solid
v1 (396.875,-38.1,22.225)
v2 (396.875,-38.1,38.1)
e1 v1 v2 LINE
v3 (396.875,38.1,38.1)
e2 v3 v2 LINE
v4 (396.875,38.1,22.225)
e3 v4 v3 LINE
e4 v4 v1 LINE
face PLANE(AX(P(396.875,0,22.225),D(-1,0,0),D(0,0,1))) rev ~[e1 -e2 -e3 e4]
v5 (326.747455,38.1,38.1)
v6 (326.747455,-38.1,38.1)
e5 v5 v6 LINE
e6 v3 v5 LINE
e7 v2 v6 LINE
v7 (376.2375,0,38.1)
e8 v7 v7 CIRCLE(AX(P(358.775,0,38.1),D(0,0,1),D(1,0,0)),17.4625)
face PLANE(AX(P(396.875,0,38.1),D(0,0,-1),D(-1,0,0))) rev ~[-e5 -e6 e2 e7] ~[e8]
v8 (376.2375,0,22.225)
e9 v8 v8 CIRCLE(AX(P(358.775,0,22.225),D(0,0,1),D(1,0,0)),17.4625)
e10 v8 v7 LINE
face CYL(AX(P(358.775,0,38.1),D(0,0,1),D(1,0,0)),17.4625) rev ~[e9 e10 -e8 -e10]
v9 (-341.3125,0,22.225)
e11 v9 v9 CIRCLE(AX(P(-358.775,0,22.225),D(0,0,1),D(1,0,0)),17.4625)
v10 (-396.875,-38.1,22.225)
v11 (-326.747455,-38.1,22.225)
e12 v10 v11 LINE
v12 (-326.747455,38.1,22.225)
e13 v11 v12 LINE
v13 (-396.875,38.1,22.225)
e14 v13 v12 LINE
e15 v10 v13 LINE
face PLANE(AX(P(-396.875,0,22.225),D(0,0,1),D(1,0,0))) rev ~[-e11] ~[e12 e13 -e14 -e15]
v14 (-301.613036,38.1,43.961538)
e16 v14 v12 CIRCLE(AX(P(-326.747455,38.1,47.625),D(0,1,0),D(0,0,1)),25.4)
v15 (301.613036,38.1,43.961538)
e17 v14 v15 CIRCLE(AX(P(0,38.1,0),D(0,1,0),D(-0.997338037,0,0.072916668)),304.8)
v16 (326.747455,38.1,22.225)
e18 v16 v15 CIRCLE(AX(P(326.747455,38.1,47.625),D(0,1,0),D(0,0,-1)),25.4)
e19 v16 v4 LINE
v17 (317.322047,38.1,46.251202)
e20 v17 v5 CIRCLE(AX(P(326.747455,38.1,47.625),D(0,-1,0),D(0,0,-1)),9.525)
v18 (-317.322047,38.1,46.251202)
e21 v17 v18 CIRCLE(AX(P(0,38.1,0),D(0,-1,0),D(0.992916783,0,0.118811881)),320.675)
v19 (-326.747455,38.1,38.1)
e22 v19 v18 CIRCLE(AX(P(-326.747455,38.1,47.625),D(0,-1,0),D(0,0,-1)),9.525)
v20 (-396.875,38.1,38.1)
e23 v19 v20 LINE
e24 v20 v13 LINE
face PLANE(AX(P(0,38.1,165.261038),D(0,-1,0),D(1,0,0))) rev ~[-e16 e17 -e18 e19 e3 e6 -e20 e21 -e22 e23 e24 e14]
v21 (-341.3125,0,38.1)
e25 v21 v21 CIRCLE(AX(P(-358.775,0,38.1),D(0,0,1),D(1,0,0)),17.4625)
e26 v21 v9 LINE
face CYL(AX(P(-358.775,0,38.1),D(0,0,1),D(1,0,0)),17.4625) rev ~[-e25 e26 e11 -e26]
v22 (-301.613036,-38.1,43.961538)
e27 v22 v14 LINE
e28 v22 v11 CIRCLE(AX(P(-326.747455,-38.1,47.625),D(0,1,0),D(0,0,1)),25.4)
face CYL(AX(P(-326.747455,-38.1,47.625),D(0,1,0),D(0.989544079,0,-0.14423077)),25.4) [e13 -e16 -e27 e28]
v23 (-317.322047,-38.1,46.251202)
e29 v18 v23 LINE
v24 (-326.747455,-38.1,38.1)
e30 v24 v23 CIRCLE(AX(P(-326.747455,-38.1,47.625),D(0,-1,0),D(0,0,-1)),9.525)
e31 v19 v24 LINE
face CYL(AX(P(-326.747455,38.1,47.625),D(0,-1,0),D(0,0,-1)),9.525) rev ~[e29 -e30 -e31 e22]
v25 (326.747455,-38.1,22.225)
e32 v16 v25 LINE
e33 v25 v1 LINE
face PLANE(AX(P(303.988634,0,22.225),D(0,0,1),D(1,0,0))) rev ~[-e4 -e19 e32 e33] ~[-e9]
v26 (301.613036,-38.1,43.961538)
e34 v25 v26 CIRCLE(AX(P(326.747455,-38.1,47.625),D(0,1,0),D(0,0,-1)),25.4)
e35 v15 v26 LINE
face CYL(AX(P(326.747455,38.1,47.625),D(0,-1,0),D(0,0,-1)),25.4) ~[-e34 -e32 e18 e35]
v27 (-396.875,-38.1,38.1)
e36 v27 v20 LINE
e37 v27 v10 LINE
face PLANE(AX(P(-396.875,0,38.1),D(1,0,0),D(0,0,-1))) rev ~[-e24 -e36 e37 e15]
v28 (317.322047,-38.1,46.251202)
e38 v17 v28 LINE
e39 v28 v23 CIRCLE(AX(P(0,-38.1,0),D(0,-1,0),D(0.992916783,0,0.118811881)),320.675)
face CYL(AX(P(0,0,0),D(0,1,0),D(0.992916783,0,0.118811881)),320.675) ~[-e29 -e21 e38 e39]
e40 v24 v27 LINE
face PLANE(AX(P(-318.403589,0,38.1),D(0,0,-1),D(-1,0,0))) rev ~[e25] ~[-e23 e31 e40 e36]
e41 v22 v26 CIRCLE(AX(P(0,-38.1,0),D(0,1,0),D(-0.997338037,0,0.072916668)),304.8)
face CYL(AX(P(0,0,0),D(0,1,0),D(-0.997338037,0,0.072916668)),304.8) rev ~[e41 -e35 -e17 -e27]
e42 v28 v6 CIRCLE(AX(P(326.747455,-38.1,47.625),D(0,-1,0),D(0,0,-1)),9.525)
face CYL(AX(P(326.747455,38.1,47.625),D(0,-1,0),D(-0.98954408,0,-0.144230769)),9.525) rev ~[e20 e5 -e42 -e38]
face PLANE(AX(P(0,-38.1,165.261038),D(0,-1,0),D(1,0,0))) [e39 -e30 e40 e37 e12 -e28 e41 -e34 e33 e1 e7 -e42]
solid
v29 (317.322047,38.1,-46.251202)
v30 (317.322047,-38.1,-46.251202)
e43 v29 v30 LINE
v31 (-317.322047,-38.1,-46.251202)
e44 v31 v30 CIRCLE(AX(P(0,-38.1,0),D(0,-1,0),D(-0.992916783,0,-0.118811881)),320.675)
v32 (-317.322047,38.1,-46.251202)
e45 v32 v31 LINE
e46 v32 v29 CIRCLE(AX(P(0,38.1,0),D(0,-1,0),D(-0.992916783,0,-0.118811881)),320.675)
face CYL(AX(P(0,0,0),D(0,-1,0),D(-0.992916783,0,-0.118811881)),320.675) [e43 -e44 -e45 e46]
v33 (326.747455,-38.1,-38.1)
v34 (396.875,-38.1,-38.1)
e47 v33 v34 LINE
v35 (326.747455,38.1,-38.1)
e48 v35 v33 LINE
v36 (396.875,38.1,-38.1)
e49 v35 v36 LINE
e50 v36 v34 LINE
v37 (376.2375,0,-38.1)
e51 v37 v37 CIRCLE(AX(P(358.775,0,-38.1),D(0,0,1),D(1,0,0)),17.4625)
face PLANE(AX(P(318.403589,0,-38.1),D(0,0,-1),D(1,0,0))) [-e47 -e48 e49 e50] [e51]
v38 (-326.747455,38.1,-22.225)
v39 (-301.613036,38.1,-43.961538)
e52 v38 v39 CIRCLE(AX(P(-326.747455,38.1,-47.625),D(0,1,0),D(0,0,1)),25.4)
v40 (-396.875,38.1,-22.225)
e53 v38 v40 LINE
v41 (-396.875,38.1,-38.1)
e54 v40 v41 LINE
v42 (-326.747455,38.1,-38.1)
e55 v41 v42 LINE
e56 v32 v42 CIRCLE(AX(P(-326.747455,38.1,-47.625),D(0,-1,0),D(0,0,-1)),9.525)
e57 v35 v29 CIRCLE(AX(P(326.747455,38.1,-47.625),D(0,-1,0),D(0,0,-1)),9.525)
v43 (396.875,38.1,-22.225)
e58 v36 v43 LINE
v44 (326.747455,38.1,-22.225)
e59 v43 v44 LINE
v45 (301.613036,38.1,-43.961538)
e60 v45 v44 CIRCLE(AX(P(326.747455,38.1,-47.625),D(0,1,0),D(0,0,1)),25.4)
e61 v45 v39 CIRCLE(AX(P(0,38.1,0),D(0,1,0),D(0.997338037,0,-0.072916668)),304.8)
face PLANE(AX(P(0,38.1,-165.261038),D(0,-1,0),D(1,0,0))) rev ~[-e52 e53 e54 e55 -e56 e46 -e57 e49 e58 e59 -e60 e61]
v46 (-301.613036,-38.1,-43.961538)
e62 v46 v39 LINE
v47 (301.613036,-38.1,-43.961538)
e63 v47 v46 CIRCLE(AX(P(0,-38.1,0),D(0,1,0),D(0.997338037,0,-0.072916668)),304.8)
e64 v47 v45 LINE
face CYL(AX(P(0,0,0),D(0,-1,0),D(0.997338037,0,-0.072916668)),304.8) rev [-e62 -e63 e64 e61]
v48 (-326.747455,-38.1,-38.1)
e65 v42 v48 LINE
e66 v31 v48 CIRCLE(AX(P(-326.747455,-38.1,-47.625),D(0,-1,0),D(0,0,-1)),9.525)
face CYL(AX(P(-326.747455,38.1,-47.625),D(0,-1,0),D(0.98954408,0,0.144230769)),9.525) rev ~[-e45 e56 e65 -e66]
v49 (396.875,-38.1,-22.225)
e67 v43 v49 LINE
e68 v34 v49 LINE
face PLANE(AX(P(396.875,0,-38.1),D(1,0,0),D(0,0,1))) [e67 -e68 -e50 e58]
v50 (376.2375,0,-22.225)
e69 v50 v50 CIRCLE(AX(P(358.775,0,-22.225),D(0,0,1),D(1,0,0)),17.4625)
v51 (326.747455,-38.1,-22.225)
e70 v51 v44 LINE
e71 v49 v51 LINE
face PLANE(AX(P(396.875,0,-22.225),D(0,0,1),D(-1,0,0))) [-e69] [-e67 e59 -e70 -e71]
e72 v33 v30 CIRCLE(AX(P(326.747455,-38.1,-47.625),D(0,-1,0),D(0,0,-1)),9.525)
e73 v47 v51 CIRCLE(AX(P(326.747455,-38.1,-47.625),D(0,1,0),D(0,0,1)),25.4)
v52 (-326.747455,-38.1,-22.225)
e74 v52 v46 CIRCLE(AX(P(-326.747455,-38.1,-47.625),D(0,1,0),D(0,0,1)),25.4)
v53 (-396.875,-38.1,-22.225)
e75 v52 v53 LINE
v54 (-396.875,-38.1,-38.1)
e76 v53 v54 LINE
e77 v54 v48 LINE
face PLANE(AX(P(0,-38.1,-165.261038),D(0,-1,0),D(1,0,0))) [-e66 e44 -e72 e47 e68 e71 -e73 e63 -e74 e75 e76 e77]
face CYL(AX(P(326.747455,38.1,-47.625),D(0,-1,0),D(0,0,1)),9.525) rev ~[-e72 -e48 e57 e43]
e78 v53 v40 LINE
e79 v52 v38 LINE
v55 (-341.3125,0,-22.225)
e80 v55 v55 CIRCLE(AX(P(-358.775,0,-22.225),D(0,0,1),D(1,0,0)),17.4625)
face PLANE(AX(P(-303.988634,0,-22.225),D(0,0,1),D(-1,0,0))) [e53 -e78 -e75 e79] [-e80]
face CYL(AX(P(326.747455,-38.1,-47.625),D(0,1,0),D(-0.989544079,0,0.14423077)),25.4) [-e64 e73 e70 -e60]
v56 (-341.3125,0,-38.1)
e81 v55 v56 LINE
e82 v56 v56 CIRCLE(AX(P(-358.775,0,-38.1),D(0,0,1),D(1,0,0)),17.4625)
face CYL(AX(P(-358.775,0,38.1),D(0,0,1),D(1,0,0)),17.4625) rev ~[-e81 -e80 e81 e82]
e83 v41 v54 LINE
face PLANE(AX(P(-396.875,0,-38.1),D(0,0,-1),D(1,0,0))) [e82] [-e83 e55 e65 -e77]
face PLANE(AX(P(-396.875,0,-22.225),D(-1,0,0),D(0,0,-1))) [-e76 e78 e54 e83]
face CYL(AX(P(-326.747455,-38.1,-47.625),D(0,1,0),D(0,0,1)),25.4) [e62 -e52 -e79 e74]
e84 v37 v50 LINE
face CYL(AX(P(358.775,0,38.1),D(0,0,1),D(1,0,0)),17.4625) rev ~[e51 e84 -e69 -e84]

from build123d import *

# Parameters (mm, degrees)
F1_DEPTH = 38.1
F2_R     = 9.525
F3_R     = 25.4
F4_R     = 17.4625
F5_DEPTH = 76.2


with BuildPart() as f1:
    # F0 (on Front) → F1 (new body, symmetric)
    with BuildSketch(Plane.XZ):
        with BuildLine():
            ThreePointArc((-303.988634, 22.225), (0, 304.8), (303.988634, 22.225))
            Line((303.988634, 22.225), (396.875, 22.225))
            Line((396.875, 22.225), (396.875, 38.1))
            Line((396.875, 38.1), (318.403589, 38.1))
            ThreePointArc((318.403589, 38.1), (0, 320.675), (-318.403589, 38.1))
            Line((-318.403589, 38.1), (-396.875, 38.1))
            Line((-396.875, 38.1), (-396.875, 22.225))
            Line((-396.875, 22.225), (-303.988634, 22.225))
        make_face()
        with BuildLine():
            Line((-396.875, -22.225), (-396.875, -38.1))
            Line((-396.875, -38.1), (-318.403589, -38.1))
            ThreePointArc((-318.403589, -38.1), (0, -320.675), (318.403589, -38.1))
            Line((318.403589, -38.1), (396.875, -38.1))
            Line((396.875, -38.1), (396.875, -22.225))
            Line((396.875, -22.225), (303.988634, -22.225))
            ThreePointArc((303.988634, -22.225), (0, -304.8), (-303.988634, -22.225))
            Line((-303.988634, -22.225), (-396.875, -22.225))
        make_face()
    extrude(amount=F1_DEPTH, both=True)

    # F2
    f2_edges = [f1.edges().sort_by_distance(p)[0] for p in [
        (-318.403589, 0, 38.1),
        (-318.403589, 0, -38.1),
        (318.403589, 0, 38.1),
        (318.403589, 0, -38.1),
    ]]
    fillet(f2_edges, radius=F2_R)

    # F3
    f3_edges = [f1.edges().sort_by_distance(p)[0] for p in [
        (-303.988634, 0, 22.225),
        (-303.988634, 0, -22.225),
        (303.988634, 0, 22.225),
        (303.988634, 0, -22.225),
    ]]
    fillet(f3_edges, radius=F3_R)

    # F4 (on face) → F5 (cut, symmetric)
    with BuildSketch(Plane.XY.offset(38.1)):
        with Locations((-358.775, 0)):
            Circle(F4_R)
        with Locations((358.775, 0)):
            Circle(F4_R)
    extrude(amount=F5_DEPTH, both=True, mode=Mode.SUBTRACT)


solid = f1.part
